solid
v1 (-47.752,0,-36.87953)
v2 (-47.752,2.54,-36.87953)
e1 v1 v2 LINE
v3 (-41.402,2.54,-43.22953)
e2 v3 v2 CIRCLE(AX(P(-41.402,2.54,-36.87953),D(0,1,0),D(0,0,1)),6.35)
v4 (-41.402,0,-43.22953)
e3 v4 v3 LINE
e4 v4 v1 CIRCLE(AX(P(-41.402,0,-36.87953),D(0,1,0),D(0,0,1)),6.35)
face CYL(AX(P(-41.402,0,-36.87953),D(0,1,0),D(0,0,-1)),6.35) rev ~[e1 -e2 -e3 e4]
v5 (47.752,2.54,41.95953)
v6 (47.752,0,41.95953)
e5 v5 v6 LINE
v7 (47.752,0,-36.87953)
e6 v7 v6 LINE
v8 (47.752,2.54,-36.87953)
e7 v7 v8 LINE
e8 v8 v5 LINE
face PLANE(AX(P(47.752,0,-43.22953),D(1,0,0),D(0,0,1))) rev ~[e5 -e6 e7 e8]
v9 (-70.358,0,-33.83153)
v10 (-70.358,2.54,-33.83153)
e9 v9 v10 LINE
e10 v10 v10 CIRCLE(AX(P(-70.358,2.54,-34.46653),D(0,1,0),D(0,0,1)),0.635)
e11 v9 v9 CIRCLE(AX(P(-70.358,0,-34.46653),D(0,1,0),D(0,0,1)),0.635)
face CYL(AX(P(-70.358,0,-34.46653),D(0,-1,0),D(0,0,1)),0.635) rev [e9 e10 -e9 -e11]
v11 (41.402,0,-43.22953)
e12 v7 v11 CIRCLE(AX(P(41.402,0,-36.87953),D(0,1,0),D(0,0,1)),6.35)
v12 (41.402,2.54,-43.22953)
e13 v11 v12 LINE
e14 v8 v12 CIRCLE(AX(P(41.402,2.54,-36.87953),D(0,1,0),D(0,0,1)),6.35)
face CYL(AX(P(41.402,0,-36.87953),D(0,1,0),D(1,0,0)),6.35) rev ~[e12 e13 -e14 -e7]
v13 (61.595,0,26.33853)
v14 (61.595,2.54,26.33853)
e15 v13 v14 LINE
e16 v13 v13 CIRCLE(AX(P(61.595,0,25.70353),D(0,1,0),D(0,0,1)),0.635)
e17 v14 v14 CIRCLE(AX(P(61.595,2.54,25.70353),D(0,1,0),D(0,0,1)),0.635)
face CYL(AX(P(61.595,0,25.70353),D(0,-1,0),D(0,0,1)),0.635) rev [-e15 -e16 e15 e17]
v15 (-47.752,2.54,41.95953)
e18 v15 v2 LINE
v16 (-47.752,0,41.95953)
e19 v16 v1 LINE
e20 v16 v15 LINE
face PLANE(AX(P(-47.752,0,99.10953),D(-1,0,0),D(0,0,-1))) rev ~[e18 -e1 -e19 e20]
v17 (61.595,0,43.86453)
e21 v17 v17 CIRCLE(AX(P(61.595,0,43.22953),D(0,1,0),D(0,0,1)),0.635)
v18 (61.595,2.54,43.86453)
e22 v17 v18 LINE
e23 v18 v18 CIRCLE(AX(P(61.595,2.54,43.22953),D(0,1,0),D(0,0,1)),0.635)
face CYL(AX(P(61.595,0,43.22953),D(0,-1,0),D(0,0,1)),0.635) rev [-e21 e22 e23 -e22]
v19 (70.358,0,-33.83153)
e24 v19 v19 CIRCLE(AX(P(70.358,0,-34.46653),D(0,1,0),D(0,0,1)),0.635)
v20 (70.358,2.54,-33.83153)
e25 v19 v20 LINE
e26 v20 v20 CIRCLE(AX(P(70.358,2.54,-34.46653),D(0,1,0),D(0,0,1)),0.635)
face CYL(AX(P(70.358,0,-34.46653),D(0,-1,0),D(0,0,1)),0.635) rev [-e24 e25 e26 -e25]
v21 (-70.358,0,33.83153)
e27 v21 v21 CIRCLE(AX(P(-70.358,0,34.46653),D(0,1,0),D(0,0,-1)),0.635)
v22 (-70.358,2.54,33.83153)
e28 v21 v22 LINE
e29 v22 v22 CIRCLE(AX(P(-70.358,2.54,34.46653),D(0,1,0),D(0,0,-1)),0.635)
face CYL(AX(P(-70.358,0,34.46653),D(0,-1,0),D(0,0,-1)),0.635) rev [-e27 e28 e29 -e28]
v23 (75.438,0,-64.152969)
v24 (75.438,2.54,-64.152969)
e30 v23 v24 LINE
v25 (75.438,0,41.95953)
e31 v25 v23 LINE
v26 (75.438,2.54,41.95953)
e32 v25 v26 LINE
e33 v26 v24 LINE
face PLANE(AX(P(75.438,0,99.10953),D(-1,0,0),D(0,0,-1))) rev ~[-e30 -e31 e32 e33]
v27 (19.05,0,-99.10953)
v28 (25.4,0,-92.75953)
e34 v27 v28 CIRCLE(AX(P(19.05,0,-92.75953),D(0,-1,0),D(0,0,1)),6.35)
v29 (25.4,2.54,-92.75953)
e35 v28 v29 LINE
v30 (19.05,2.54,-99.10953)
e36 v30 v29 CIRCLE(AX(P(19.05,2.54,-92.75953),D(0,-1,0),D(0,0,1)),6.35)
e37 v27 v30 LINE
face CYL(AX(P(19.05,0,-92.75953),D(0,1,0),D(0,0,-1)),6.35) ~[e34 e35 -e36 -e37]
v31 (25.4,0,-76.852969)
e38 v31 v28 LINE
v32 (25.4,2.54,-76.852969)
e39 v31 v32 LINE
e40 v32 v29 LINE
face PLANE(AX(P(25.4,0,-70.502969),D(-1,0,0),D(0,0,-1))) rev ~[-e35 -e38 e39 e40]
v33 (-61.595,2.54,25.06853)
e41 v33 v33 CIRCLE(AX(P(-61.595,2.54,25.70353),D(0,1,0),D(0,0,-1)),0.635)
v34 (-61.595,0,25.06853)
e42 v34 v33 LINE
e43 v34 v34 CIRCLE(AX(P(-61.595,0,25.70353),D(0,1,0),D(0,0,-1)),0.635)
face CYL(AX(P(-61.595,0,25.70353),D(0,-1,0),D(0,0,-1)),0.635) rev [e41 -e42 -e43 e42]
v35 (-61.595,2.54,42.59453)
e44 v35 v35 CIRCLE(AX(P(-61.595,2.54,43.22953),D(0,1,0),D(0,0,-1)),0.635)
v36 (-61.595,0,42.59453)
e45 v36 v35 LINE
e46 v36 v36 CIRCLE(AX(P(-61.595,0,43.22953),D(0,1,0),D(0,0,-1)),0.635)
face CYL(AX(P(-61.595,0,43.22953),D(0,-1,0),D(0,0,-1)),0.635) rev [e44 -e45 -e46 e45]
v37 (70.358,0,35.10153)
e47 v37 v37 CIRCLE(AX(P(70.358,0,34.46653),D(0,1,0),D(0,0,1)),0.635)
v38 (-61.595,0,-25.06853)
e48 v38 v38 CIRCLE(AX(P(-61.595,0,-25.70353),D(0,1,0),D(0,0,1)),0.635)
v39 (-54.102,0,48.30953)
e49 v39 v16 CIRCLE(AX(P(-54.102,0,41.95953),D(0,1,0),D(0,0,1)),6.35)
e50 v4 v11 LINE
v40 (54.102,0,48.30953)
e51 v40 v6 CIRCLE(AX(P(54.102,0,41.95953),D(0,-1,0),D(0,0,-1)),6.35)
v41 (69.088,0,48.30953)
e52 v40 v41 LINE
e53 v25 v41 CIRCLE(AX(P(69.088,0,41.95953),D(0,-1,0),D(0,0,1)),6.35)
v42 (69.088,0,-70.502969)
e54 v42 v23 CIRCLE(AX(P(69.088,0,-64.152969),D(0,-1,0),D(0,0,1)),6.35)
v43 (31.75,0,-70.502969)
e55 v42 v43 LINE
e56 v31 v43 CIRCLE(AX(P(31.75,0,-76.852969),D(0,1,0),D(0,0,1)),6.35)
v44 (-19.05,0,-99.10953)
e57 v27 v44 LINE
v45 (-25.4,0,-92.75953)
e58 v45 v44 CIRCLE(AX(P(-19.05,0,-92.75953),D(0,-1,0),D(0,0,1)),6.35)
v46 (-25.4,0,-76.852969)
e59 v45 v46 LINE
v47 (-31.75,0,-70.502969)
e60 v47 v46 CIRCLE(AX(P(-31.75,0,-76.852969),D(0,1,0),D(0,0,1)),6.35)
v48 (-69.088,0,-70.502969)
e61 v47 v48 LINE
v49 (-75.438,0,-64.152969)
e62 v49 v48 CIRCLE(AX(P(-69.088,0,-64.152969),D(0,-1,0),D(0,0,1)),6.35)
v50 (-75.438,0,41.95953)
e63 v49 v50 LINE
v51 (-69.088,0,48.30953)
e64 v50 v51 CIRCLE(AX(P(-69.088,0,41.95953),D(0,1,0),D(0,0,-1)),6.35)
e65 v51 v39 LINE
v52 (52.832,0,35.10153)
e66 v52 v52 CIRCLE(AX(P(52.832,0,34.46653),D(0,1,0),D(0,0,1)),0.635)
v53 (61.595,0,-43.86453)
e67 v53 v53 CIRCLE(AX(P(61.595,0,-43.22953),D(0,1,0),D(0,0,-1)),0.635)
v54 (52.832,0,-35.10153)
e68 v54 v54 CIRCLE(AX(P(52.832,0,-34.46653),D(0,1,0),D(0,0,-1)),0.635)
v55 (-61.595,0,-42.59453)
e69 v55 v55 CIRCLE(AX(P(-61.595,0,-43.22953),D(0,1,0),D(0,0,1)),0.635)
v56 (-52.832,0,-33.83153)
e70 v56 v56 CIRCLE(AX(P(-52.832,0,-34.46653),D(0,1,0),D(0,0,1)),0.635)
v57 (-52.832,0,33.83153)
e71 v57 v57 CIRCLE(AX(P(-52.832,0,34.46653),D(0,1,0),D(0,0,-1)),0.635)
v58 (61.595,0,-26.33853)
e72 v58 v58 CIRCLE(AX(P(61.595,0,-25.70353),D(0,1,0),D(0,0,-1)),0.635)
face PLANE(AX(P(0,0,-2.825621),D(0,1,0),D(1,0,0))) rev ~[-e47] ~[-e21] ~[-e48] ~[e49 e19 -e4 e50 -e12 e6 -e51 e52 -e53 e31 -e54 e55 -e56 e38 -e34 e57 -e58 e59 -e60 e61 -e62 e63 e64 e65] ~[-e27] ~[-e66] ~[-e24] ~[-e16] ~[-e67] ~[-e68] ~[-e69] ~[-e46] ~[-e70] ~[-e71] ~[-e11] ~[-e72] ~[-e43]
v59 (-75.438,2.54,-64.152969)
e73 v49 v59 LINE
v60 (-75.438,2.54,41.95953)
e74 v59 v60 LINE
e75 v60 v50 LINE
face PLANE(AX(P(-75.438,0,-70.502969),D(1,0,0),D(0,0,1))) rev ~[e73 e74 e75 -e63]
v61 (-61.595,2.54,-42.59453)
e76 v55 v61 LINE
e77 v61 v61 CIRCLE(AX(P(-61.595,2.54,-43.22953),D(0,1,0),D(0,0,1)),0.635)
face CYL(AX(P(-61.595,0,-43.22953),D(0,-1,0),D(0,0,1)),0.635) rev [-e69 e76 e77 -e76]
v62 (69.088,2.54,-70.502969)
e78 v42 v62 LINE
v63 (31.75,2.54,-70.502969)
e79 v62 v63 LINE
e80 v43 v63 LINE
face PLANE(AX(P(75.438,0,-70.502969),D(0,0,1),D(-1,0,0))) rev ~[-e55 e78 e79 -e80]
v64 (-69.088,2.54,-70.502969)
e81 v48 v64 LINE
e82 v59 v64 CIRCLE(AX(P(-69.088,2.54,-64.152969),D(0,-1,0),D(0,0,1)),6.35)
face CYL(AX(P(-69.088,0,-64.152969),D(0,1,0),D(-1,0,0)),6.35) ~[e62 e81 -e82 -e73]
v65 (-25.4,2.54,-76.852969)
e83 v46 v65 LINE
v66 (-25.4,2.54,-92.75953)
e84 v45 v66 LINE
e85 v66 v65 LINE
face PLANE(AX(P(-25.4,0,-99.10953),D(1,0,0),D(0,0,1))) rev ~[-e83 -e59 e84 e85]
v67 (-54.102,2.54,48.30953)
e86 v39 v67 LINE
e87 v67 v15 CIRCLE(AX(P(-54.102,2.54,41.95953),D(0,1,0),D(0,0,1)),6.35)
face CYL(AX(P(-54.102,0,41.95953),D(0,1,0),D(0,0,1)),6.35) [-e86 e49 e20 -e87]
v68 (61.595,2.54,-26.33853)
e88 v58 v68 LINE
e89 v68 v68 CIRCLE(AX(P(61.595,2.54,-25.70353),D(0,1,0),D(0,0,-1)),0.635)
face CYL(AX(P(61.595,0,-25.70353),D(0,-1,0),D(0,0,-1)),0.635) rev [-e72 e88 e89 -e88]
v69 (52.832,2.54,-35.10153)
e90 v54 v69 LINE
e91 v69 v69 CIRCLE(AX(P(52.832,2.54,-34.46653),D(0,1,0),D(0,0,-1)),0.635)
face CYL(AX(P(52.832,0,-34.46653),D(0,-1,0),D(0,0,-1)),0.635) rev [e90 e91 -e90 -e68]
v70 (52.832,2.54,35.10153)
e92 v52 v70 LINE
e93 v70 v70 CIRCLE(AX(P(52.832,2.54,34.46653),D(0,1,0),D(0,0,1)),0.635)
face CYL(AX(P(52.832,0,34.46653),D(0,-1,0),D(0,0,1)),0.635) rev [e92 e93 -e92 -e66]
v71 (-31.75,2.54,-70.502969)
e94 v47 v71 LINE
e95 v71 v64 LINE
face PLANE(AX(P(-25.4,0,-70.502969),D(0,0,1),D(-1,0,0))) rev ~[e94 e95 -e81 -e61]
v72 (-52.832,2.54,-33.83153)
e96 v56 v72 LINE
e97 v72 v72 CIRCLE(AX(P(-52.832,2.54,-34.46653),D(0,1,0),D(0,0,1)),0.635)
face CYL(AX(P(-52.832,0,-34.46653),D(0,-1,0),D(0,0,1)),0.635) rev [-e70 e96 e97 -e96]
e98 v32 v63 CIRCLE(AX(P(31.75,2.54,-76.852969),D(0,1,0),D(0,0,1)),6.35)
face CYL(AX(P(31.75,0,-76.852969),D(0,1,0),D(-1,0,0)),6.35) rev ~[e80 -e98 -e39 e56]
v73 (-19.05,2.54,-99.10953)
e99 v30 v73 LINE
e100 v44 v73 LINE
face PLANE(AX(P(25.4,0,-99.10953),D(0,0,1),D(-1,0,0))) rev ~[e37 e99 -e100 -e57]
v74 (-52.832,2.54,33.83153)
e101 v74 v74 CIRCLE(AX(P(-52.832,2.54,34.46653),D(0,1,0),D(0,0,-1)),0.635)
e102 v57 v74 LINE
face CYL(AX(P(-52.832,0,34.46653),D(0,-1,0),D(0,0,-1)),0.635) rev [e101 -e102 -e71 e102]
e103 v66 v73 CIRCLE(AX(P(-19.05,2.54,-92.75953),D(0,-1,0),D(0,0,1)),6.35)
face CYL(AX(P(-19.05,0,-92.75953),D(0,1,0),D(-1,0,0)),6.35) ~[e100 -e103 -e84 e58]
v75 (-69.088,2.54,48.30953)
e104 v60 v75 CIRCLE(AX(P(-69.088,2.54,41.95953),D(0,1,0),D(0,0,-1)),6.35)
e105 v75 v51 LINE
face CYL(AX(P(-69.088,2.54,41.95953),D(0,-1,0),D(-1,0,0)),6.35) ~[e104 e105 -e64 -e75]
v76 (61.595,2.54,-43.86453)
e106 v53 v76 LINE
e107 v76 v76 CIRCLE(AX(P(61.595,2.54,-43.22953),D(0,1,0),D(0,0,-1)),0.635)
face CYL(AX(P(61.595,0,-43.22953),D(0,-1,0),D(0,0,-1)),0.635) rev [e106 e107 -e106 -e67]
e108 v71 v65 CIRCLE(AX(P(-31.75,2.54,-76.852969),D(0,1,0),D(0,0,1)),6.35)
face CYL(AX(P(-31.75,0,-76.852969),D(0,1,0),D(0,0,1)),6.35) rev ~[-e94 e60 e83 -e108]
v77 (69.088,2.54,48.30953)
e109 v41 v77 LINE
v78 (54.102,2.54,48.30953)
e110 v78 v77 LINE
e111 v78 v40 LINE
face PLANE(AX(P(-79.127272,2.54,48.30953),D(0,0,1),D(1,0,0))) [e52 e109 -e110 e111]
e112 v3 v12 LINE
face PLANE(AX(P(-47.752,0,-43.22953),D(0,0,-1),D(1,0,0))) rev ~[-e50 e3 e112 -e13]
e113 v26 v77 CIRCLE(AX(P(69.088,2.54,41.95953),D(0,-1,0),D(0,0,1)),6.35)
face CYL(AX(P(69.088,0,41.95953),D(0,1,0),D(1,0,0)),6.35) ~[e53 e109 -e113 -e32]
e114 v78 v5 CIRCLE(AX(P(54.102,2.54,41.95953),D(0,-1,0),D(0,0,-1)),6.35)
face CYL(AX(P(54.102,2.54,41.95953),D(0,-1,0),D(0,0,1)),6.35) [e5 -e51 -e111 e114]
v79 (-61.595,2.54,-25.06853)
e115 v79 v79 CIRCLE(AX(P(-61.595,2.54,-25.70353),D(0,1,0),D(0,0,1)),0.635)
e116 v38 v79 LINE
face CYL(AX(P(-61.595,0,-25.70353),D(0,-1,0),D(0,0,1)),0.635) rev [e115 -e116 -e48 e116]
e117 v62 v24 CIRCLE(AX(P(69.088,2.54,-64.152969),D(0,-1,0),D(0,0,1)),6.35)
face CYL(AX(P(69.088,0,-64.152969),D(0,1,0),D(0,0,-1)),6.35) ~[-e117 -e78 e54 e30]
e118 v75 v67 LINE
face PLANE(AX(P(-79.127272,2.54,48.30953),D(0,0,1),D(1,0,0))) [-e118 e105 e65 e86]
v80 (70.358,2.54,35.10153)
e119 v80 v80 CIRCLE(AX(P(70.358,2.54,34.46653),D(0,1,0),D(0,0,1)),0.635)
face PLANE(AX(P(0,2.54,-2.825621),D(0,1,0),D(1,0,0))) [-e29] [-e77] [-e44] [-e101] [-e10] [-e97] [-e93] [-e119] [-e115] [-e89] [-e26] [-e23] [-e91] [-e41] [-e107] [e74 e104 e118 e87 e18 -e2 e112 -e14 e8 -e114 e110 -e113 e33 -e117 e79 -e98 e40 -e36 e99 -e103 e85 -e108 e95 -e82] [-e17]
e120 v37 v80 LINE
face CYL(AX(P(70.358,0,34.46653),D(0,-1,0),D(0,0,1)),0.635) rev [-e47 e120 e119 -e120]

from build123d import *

# Parameters (mm, degrees)
SKETCH3_R           = 0.635
BOSS_EXTRUDE2_DEPTH = 2.54
SKETCH4_W           = 165.279862668
SKETCH4_H           = 127
CUT_EXTRUDE1_DEPTH  = 125.579462115
FILLET3_R           = 6.35


with BuildPart() as part:
    # Sketch3 → Boss-Extrude2 (new body)
    with BuildSketch(Plane(origin=(0, 0, 0), x_dir=(1, 0, 0), z_dir=(0, 1, 0))):
        Polygon((-75.438, 48.30953), (-75.438, -99.10953), (-47.752, -99.10953), (-47.752, 3.51009118), (-47.752, 43.22953), (47.752, 43.22953), (47.752, 3.51009118), (47.752, -99.10953), (75.438, -99.10953), (75.438, 48.30953), (75.438, 70.50296882), (25.4, 70.50296882), (25.4, 99.10953), (-25.4, 99.10953), (-25.4, 70.50296882), (-75.438, 70.50296882), align=None)
        with Locations(Location((-61.595, 43.22953, 0), (0, 0, 270))):
            Circle(SKETCH3_R, mode=Mode.SUBTRACT)
        with Locations(Location((-70.358, 34.46653, 0), (0, 0, 270))):
            Circle(SKETCH3_R, mode=Mode.SUBTRACT)
        with Locations(Location((-61.595, 25.70353, 0), (0, 0, 270))):
            Circle(SKETCH3_R, mode=Mode.SUBTRACT)
        with Locations(Location((-52.832, 34.46653, 0), (0, 0, 270))):
            Circle(SKETCH3_R, mode=Mode.SUBTRACT)
        with Locations(Location((-52.832, -34.46653, 0), (0, 0, 90))):
            Circle(SKETCH3_R, mode=Mode.SUBTRACT)
        with Locations(Location((-61.595, -25.70353, 0), (0, 0, 90))):
            Circle(SKETCH3_R, mode=Mode.SUBTRACT)
        with Locations(Location((-70.358, -34.46653, 0), (0, 0, 90))):
            Circle(SKETCH3_R, mode=Mode.SUBTRACT)
        with Locations(Location((-61.595, -43.22953, 0), (0, 0, 90))):
            Circle(SKETCH3_R, mode=Mode.SUBTRACT)
        with Locations(Location((61.595, -43.22953, 0), (0, 0, 270))):
            Circle(SKETCH3_R, mode=Mode.SUBTRACT)
        with Locations(Location((61.595, -25.70353, 0), (0, 0, 270))):
            Circle(SKETCH3_R, mode=Mode.SUBTRACT)
        with Locations(Location((52.832, -34.46653, 0), (0, 0, 270))):
            Circle(SKETCH3_R, mode=Mode.SUBTRACT)
        with Locations(Location((52.832, 34.46653, 0), (0, 0, 90))):
            Circle(SKETCH3_R, mode=Mode.SUBTRACT)
        with Locations(Location((61.595, 25.70353, 0), (0, 0, 90))):
            Circle(SKETCH3_R, mode=Mode.SUBTRACT)
        with Locations(Location((61.595, 43.22953, 0), (0, 0, 90))):
            Circle(SKETCH3_R, mode=Mode.SUBTRACT)
        with Locations(Location((70.358, -34.46653, 0), (0, 0, 270))):
            Circle(SKETCH3_R, mode=Mode.SUBTRACT)
        with Locations(Location((70.358, 34.46653, 0), (0, 0, 270))):
            Circle(SKETCH3_R, mode=Mode.SUBTRACT)
    extrude(amount=BOSS_EXTRUDE2_DEPTH)

    # Sketch4 → Cut-Extrude1 (cut, through all)
    with BuildSketch(Plane(origin=(0, 2.54, 0), x_dir=(1, 0, 0), z_dir=(0, 1, 0))):
        with Locations((3.512659274, -111.80953)):
            Rectangle(SKETCH4_W, SKETCH4_H)
    extrude(amount=-CUT_EXTRUDE1_DEPTH, mode=Mode.SUBTRACT)

    # Fillet3
    fillet3_edges = [part.edges().sort_by_distance(p)[0] for p in [
        (75.438, 1.27, 48.30953),
        (-75.438, 1.27, 48.30953),
        (-47.752, 1.27, 48.30953),
        (47.752, 1.27, 48.30953),
        (-75.438, 1.27, -70.50296882),
        (-25.4, 1.27, -70.50296882),
        (-25.4, 1.27, -99.10953),
        (25.4, 1.27, -99.10953),
        (25.4, 1.27, -70.50296882),
        (75.438, 1.27, -70.50296882),
        (47.752, 1.27, -43.22953),
        (-47.752, 1.27, -43.22953),
    ]]
    fillet(fillet3_edges, radius=FILLET3_R)


solid = part.part
